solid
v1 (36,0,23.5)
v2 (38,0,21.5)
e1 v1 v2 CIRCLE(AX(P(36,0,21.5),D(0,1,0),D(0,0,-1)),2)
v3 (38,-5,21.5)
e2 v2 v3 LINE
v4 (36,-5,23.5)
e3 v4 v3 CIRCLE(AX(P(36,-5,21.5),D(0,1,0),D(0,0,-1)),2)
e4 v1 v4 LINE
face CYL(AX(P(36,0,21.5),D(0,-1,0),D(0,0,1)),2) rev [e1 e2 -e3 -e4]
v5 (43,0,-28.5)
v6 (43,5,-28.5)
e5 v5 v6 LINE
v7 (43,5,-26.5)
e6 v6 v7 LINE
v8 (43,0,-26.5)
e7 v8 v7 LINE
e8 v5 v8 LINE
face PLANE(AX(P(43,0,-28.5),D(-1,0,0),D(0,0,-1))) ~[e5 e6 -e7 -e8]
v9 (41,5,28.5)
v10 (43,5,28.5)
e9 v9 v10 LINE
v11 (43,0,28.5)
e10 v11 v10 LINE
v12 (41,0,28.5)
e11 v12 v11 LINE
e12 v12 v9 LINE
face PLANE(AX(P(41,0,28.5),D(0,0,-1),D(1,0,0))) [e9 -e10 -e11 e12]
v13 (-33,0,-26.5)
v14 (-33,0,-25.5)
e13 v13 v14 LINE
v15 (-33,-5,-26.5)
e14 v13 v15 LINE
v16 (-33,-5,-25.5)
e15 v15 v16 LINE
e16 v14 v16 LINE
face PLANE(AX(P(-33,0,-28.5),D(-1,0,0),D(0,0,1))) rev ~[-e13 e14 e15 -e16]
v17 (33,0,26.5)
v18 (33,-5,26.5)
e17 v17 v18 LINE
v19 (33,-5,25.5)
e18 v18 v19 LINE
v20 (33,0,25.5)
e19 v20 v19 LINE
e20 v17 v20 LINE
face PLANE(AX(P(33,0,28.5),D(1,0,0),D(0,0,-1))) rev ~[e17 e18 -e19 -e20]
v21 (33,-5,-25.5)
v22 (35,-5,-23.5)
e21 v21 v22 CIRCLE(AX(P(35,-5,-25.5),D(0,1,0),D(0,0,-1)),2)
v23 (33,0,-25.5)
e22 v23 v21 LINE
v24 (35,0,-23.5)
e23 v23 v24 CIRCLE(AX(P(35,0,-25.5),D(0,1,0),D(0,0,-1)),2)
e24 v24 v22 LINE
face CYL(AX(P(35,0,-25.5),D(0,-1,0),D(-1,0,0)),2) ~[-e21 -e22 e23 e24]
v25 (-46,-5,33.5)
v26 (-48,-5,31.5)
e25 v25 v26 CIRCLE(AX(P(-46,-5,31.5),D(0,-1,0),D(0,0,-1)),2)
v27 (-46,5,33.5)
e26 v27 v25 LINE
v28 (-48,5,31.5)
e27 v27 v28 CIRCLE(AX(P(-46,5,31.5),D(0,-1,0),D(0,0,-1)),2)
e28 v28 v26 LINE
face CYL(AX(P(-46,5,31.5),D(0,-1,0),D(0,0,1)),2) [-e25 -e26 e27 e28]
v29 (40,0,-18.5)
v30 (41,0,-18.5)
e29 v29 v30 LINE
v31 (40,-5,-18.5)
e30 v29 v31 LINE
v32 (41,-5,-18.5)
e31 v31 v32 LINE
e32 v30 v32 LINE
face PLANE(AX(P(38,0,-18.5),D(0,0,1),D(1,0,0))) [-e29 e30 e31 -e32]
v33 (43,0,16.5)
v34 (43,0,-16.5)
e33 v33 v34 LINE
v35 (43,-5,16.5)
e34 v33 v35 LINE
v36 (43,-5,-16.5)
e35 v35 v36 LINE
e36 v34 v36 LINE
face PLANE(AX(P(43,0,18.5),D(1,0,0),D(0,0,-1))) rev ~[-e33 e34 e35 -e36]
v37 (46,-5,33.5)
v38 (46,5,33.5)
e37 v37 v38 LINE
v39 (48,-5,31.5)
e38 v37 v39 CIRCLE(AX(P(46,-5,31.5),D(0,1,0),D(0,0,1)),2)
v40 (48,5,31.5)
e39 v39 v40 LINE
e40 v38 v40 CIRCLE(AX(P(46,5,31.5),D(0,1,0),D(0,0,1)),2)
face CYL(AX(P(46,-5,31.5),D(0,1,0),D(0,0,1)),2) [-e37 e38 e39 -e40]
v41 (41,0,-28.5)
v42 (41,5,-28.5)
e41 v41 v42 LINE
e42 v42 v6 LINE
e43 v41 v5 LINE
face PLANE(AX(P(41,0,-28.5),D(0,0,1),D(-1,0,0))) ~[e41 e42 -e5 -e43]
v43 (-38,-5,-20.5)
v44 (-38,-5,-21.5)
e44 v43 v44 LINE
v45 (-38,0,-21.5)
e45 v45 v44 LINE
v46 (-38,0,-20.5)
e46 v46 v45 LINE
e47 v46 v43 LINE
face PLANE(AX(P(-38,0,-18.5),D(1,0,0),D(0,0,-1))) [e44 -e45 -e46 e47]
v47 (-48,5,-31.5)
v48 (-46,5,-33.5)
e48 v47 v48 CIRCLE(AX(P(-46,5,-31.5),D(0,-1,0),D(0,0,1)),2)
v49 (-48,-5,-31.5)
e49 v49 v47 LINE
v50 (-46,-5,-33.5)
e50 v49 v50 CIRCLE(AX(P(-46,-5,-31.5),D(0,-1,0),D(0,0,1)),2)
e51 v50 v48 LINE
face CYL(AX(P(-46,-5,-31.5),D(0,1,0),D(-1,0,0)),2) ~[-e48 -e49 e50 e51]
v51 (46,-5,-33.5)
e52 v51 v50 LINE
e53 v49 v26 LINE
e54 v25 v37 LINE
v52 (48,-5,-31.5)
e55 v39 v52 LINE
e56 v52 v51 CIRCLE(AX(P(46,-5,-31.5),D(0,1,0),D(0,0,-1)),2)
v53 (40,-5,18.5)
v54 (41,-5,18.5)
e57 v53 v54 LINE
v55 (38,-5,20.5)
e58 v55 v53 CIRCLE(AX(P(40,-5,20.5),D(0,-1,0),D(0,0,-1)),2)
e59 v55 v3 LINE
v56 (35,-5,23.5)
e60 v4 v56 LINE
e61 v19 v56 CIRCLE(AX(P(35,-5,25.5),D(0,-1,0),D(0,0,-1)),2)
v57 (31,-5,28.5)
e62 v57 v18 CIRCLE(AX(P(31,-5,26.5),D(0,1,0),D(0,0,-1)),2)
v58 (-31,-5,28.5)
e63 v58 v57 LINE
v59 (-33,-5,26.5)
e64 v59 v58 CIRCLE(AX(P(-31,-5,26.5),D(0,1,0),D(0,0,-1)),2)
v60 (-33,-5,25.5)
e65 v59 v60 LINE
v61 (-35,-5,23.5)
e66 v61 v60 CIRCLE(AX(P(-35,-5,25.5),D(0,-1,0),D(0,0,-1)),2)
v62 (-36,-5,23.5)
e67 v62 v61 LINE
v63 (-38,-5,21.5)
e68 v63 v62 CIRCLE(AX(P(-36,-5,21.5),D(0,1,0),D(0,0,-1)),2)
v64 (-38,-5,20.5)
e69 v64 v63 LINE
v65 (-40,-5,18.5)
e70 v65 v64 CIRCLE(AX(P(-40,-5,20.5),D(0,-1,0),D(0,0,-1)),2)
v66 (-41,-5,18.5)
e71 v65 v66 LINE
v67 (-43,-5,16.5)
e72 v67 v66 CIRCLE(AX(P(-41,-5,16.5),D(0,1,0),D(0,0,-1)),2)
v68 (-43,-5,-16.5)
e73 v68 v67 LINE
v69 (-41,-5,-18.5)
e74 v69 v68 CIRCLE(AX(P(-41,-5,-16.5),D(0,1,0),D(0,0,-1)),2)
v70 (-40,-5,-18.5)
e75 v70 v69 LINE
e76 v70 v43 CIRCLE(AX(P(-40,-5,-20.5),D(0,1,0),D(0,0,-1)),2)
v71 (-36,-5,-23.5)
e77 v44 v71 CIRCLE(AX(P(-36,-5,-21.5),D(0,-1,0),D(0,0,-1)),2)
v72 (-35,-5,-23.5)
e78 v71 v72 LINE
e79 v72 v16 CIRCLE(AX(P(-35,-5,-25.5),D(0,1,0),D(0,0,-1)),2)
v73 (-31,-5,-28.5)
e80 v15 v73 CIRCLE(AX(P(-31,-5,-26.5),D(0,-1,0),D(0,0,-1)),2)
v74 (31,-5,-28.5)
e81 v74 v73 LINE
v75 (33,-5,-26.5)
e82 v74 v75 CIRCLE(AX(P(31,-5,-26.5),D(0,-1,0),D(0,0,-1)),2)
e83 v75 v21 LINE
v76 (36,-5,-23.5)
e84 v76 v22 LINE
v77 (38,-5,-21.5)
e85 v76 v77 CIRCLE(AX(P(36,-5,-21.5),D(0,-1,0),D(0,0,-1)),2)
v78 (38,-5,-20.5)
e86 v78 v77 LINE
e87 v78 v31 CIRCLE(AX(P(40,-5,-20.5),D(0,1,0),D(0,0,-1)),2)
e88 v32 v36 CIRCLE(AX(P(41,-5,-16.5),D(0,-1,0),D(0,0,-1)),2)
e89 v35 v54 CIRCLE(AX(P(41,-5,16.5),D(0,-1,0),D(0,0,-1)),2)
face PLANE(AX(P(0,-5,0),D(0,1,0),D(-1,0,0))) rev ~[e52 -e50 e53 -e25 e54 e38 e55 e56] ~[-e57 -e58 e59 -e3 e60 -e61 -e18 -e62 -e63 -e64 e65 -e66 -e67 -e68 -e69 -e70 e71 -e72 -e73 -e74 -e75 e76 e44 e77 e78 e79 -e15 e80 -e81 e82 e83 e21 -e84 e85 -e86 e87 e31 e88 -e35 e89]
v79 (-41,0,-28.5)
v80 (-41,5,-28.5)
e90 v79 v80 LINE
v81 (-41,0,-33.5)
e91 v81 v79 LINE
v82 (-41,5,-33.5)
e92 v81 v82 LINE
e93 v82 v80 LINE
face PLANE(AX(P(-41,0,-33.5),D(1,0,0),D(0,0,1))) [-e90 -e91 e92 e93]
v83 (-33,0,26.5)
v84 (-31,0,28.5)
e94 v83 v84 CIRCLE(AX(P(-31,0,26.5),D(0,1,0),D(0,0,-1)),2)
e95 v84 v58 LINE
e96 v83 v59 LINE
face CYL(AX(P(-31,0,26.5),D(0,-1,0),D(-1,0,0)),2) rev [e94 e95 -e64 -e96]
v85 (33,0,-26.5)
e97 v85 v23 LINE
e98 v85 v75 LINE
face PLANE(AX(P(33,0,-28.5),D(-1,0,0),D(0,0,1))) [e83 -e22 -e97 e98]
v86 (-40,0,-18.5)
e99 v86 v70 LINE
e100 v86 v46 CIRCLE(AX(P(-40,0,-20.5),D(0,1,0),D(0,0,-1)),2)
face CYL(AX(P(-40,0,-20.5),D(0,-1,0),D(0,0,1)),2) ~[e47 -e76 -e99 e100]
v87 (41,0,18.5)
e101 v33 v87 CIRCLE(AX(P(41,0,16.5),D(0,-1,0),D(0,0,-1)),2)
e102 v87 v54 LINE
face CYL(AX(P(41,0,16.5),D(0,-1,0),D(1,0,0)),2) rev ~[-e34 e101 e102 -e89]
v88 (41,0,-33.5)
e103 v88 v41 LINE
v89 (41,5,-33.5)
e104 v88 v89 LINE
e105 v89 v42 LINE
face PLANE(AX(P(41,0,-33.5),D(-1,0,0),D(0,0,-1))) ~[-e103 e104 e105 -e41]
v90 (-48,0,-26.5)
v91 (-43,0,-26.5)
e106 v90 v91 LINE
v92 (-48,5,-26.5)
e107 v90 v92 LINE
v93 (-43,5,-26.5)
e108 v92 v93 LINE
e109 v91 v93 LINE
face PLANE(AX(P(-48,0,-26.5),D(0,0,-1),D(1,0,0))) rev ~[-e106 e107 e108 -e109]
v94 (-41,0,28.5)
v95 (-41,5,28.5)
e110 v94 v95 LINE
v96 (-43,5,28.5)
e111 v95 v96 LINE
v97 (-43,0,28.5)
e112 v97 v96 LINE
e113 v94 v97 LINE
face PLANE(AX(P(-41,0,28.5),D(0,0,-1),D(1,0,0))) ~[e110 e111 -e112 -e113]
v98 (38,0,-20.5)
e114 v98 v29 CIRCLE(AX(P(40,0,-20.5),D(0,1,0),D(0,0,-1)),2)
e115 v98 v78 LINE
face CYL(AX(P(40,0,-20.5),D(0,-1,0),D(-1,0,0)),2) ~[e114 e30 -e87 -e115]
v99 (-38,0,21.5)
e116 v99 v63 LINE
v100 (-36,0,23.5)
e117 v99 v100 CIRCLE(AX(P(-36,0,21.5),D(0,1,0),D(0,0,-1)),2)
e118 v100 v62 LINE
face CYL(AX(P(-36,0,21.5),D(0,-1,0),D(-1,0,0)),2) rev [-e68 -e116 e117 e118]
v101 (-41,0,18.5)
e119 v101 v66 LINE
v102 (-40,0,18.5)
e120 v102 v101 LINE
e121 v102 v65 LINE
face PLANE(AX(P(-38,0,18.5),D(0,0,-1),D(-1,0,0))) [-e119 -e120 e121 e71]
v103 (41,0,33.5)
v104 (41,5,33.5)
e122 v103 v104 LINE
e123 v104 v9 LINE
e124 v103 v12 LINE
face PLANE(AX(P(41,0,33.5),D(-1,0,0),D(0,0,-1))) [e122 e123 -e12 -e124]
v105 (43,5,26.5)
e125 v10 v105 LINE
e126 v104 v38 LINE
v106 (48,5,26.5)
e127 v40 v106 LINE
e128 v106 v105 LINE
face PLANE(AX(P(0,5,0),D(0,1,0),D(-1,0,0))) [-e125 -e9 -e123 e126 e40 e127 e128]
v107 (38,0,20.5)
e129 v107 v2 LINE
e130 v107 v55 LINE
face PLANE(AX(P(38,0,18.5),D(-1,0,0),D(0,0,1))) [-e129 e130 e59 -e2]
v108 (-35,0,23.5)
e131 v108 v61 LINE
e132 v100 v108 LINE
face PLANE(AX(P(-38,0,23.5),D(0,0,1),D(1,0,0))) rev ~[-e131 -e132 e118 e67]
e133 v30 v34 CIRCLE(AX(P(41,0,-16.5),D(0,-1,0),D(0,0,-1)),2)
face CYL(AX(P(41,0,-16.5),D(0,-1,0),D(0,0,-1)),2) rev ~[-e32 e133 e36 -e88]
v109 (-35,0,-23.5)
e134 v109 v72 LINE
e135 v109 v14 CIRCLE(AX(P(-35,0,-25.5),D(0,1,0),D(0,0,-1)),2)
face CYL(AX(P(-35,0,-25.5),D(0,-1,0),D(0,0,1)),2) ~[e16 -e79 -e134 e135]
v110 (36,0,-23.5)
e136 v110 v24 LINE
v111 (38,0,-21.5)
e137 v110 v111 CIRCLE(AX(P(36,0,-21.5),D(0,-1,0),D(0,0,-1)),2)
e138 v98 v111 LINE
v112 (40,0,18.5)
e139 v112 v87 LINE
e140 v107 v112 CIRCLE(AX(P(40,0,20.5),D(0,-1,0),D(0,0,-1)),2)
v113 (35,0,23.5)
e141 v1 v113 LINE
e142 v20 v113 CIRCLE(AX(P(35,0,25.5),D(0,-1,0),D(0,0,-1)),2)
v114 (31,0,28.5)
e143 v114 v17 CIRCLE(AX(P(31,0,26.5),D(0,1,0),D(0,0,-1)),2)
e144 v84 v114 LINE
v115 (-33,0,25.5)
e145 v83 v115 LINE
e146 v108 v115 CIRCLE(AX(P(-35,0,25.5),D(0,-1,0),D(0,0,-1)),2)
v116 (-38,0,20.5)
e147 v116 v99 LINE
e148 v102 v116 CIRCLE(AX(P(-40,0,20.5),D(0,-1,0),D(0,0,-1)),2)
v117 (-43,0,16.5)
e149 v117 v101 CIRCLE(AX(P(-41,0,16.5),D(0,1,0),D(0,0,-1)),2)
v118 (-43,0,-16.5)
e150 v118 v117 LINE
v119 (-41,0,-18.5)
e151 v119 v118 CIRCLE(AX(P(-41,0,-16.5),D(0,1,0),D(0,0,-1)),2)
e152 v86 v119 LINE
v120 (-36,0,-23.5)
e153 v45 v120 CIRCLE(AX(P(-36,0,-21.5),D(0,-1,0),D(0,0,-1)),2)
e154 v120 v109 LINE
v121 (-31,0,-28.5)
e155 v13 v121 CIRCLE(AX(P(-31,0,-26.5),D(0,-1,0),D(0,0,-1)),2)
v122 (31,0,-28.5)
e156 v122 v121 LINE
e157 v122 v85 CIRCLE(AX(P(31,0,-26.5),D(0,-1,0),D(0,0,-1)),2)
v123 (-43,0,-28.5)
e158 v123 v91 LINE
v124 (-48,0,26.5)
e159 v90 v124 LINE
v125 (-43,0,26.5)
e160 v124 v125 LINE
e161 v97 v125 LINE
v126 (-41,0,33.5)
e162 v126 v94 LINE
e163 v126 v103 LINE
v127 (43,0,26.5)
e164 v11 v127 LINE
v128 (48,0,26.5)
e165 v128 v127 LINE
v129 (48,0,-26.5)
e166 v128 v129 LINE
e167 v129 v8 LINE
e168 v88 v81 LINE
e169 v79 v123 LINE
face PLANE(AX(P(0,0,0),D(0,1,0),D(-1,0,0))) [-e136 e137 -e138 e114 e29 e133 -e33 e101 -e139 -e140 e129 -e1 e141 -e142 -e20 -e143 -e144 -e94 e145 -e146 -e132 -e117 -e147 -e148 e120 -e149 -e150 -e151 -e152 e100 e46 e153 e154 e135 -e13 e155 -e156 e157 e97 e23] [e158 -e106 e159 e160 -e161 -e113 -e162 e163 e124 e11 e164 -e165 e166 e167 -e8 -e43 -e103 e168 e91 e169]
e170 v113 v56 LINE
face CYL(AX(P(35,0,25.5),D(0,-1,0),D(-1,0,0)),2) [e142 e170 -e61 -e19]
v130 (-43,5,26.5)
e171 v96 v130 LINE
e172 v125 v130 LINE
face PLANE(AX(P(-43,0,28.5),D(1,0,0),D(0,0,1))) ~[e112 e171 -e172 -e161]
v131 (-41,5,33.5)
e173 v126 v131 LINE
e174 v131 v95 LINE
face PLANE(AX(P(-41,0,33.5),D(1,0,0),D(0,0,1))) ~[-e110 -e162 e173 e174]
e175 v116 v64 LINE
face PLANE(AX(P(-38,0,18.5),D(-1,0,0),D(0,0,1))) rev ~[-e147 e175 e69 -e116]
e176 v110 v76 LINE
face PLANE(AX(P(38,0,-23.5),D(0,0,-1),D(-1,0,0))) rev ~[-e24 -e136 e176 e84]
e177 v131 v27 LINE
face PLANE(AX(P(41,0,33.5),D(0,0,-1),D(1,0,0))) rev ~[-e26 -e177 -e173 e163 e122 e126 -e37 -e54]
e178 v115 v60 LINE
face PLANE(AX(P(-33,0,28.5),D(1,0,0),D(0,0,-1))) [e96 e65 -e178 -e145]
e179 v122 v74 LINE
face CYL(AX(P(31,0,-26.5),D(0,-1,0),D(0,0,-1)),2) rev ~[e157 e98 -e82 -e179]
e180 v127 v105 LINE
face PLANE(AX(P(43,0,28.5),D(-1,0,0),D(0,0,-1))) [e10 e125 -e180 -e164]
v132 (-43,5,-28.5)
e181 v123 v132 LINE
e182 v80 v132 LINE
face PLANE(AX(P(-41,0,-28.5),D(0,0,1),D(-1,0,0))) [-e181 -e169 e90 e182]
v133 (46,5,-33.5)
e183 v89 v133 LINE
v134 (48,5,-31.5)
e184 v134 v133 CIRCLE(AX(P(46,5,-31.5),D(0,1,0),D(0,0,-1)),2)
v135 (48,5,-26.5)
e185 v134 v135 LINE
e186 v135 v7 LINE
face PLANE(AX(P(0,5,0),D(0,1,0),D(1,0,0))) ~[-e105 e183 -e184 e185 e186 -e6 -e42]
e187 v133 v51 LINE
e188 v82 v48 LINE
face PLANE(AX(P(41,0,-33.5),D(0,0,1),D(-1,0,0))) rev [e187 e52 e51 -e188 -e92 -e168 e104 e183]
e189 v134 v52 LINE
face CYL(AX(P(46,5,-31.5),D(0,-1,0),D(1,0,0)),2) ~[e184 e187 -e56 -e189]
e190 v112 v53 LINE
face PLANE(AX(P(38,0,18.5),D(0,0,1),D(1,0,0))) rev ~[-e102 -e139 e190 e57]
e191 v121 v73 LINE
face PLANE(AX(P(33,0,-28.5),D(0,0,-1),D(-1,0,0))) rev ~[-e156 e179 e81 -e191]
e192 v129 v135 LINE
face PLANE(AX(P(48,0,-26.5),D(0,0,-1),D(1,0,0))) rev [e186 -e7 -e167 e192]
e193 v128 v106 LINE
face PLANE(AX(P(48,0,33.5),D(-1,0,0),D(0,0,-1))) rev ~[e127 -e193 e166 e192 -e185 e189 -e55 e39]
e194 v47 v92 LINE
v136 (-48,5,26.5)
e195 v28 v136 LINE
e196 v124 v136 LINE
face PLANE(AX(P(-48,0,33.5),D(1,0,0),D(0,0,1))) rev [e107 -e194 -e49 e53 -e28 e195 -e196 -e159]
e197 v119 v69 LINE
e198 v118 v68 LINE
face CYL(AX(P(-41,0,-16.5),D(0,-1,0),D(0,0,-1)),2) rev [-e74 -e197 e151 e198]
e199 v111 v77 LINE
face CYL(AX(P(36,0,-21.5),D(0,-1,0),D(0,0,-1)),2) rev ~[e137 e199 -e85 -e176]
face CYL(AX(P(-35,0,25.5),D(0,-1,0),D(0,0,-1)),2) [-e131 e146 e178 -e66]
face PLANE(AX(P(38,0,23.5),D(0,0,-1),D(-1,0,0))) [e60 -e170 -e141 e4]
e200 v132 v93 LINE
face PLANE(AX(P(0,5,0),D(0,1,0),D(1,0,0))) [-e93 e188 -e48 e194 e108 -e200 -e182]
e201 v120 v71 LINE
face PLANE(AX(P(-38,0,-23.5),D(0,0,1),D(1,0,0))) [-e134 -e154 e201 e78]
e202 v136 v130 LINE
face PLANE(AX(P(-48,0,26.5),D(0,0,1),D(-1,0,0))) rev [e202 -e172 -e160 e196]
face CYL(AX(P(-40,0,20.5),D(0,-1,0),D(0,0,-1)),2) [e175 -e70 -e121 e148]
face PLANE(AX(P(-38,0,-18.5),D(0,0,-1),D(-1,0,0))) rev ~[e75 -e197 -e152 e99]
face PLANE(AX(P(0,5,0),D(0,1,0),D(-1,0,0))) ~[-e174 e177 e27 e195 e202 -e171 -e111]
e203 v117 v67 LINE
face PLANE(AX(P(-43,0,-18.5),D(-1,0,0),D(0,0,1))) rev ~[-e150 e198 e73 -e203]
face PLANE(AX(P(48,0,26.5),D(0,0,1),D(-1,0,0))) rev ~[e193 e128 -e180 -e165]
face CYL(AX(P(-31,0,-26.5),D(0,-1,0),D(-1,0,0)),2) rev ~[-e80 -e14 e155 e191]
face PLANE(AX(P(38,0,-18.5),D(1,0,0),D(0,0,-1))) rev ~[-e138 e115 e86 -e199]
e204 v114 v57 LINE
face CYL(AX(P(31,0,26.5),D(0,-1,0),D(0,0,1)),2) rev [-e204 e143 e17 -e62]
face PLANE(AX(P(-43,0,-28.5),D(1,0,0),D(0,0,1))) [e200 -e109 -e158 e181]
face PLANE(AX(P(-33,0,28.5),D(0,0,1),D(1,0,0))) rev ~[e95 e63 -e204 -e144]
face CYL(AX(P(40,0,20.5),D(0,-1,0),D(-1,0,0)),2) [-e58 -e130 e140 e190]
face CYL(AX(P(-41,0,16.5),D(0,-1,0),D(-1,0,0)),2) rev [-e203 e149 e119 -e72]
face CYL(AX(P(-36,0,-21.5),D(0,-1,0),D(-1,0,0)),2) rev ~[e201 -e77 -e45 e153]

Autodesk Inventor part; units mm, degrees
ref_plane "YZ Plane" through (0, 0, 0) normal (1, 0, 0) x (0, 1, 0)
ref_plane "XZ Plane" through (0, 0, 0) normal (0, 1, 0) x (-1, 0, 0)
ref_plane "XY Plane" through (0, 0, 0) normal (0, 0, 1) x (1, 0, 0)
sketch "스케치2" plane through (0, 0, 0) normal (0, 1, 0) x (-1, 0, 0)
  line L0 (-43, 28.5) -> (43, 28.5)
  line L1 (43, 28.5) -> (43, -28.5)
  line L2 (43, -28.5) -> (-43, -28.5)
  line L3 (-43, -28.5) -> (-43, 28.5)
  line L4 (-43, 28.5) -> (43, -28.5) construction
  line L5 (43, 28.5) -> (-43, -28.5) construction
  line L6 (-48, -33.5) -> (48, -33.5)
  line L7 (48, -33.5) -> (48, 33.5)
  line L8 (48, 33.5) -> (-48, 33.5)
  line L9 (-48, 33.5) -> (-48, -33.5)
  point P0 (0, 0)
  dimension "d0" = 86
  dimension "d1" = 57
  dimension "d2" = 5
extrude "돌출1" add sketch "스케치2" against normal blind 5 contours L0 L1 L2 L3 | L9 L8 L7 L6
sketch "스케치5" plane through (0, 0, 0) normal (0, 1, 0) x (1, 0, 0)
  line L0 (-48, 33.5) -> (-48, -33.5) projected
  line L1 (-48, -33.5) -> (48, -33.5) projected
  line L2 (48, -33.5) -> (48, 33.5) projected
  line L3 (48, 33.5) -> (-48, 33.5) projected
  line L4 (-43, 28.5) -> (-43, -28.5)
  line L5 (-43, -28.5) -> (43, -28.5)
  line L6 (43, -28.5) -> (43, 28.5)
  line L7 (43, 28.5) -> (-43, 28.5)
  line L8 (-43, 28.5) -> (-33, 28.5)
  line L9 (-33, 28.5) -> (-33, 18.5)
  line L10 (-33, 18.5) -> (-43, 18.5)
  line L11 (-43, 18.5) -> (-43, 28.5)
  line L12 (-33, 18.5) -> (-38, 18.5)
  line L13 (-38, 18.5) -> (-38, 23.5)
  line L14 (-38, 23.5) -> (-33, 23.5)
  line L15 (-33, 23.5) -> (-33, 18.5)
  line L16 (-43, -28.5) -> (-33, -28.5)
  line L17 (-33, -28.5) -> (-33, -18.5)
  line L18 (-33, -18.5) -> (-43, -18.5)
  line L19 (-43, -18.5) -> (-43, -28.5)
  line L20 (-33, -18.5) -> (-38, -18.5)
  line L21 (-38, -18.5) -> (-38, -23.5)
  line L22 (-38, -23.5) -> (-33, -23.5)
  line L23 (-33, -23.5) -> (-33, -18.5)
  line L24 (43, -28.5) -> (33, -28.5)
  line L25 (33, -28.5) -> (33, -18.5)
  line L26 (33, -18.5) -> (43, -18.5)
  line L27 (43, -18.5) -> (43, -28.5)
  line L28 (33, -18.5) -> (38, -18.5)
  line L29 (38, -18.5) -> (38, -23.5)
  line L30 (38, -23.5) -> (33, -23.5)
  line L31 (33, -23.5) -> (33, -18.5)
  line L32 (43, 28.5) -> (33, 28.5)
  line L33 (33, 28.5) -> (33, 18.5)
  line L34 (33, 18.5) -> (43, 18.5)
  line L35 (43, 18.5) -> (43, 28.5)
  line L36 (33, 18.5) -> (38, 18.5)
  line L37 (38, 18.5) -> (38, 23.5)
  line L38 (38, 23.5) -> (33, 23.5)
  line L39 (33, 23.5) -> (33, 18.5)
  point P0 (0, 0)
  dimension "d10" = 5
  dimension "d11" = 10
  dimension "d12" = 10
  dimension "d13" = 5
  dimension "d14" = 5
  dimension "d15" = 10
  dimension "d16" = 10
  dimension "d17" = 5
  dimension "d18" = 5
  dimension "d19" = 10
  dimension "d20" = 10
  dimension "d21" = 5
  dimension "d22" = 5
  dimension "d23" = 10
  dimension "d24" = 10
  dimension "d25" = 5
  dimension "d26" = 5
extrude "돌출3" cut sketch "스케치5" against normal through all contours L10 L9 L7 L33 L34 L6 L26 L25 L5 L17 L18 L4 | L13 L14 L9 L10 | L18 L17 L22 L21 | L38 L37 L34 L33 | L25 L26 L29 L30
sketch "스케치3" plane through (0, 0, 0) normal (0, 1, 0) x (1, 0, 0)
  line L0 (-48, 33.5) -> (-48, -33.5) projected
  line L1 (-48, -33.5) -> (48, -33.5) projected
  line L2 (48, -33.5) -> (48, 33.5) projected
  line L3 (48, 33.5) -> (-48, 33.5) projected
  line L4 (-43, 28.5) -> (-43, -28.5)
  line L5 (-43, -28.5) -> (43, -28.5)
  line L6 (43, -28.5) -> (43, 28.5)
  line L7 (43, 28.5) -> (-43, 28.5)
  line L8 (-48, 26.5) -> (-43, 26.5)
  line L9 (-41, 33.5) -> (-41, 28.5)
  point P0 (0, 0)
  dimension "d5" = 5
  dimension "d6" = 7
  dimension "d7" = 7
extrude "돌출2" add sketch "스케치3" along normal blind 5 contours L3 L9 L7 L4 L8 L0
mirror "미러1" about plane through (0, 0, 0) normal (1, 0, 0) of "돌출2"
mirror "미러2" about plane through (0, 0, 0) normal (0, 0, 1) of "돌출2", "미러1"
fillet "모깎기1" radius 2 24 edges at (-33, -2.5, 28.5) (-33, -2.5, 23.5) (-38, -2.5, 23.5) (-38, -2.5, 18.5) (-43, -2.5, 18.5) (-48, 0, 33.5) (-48, 0, -33.5) (48, 0, -33.5) (48, 0, 33.5) (-43, -2.5, -18.5) (-38, -2.5, -18.5) (-38, -2.5, -23.5) (-33, -2.5, -23.5) (-33, -2.5, -28.5) (33, -2.5, -28.5) (33, -2.5, -23.5) (38, -2.5, -23.5) (38, -2.5, -18.5) (43, -2.5, -18.5) (43, -2.5, 18.5) (38, -2.5, 18.5) (38, -2.5, 23.5) (33, -2.5, 23.5) (33, -2.5, 28.5)
properties part number "Pi_Case"
